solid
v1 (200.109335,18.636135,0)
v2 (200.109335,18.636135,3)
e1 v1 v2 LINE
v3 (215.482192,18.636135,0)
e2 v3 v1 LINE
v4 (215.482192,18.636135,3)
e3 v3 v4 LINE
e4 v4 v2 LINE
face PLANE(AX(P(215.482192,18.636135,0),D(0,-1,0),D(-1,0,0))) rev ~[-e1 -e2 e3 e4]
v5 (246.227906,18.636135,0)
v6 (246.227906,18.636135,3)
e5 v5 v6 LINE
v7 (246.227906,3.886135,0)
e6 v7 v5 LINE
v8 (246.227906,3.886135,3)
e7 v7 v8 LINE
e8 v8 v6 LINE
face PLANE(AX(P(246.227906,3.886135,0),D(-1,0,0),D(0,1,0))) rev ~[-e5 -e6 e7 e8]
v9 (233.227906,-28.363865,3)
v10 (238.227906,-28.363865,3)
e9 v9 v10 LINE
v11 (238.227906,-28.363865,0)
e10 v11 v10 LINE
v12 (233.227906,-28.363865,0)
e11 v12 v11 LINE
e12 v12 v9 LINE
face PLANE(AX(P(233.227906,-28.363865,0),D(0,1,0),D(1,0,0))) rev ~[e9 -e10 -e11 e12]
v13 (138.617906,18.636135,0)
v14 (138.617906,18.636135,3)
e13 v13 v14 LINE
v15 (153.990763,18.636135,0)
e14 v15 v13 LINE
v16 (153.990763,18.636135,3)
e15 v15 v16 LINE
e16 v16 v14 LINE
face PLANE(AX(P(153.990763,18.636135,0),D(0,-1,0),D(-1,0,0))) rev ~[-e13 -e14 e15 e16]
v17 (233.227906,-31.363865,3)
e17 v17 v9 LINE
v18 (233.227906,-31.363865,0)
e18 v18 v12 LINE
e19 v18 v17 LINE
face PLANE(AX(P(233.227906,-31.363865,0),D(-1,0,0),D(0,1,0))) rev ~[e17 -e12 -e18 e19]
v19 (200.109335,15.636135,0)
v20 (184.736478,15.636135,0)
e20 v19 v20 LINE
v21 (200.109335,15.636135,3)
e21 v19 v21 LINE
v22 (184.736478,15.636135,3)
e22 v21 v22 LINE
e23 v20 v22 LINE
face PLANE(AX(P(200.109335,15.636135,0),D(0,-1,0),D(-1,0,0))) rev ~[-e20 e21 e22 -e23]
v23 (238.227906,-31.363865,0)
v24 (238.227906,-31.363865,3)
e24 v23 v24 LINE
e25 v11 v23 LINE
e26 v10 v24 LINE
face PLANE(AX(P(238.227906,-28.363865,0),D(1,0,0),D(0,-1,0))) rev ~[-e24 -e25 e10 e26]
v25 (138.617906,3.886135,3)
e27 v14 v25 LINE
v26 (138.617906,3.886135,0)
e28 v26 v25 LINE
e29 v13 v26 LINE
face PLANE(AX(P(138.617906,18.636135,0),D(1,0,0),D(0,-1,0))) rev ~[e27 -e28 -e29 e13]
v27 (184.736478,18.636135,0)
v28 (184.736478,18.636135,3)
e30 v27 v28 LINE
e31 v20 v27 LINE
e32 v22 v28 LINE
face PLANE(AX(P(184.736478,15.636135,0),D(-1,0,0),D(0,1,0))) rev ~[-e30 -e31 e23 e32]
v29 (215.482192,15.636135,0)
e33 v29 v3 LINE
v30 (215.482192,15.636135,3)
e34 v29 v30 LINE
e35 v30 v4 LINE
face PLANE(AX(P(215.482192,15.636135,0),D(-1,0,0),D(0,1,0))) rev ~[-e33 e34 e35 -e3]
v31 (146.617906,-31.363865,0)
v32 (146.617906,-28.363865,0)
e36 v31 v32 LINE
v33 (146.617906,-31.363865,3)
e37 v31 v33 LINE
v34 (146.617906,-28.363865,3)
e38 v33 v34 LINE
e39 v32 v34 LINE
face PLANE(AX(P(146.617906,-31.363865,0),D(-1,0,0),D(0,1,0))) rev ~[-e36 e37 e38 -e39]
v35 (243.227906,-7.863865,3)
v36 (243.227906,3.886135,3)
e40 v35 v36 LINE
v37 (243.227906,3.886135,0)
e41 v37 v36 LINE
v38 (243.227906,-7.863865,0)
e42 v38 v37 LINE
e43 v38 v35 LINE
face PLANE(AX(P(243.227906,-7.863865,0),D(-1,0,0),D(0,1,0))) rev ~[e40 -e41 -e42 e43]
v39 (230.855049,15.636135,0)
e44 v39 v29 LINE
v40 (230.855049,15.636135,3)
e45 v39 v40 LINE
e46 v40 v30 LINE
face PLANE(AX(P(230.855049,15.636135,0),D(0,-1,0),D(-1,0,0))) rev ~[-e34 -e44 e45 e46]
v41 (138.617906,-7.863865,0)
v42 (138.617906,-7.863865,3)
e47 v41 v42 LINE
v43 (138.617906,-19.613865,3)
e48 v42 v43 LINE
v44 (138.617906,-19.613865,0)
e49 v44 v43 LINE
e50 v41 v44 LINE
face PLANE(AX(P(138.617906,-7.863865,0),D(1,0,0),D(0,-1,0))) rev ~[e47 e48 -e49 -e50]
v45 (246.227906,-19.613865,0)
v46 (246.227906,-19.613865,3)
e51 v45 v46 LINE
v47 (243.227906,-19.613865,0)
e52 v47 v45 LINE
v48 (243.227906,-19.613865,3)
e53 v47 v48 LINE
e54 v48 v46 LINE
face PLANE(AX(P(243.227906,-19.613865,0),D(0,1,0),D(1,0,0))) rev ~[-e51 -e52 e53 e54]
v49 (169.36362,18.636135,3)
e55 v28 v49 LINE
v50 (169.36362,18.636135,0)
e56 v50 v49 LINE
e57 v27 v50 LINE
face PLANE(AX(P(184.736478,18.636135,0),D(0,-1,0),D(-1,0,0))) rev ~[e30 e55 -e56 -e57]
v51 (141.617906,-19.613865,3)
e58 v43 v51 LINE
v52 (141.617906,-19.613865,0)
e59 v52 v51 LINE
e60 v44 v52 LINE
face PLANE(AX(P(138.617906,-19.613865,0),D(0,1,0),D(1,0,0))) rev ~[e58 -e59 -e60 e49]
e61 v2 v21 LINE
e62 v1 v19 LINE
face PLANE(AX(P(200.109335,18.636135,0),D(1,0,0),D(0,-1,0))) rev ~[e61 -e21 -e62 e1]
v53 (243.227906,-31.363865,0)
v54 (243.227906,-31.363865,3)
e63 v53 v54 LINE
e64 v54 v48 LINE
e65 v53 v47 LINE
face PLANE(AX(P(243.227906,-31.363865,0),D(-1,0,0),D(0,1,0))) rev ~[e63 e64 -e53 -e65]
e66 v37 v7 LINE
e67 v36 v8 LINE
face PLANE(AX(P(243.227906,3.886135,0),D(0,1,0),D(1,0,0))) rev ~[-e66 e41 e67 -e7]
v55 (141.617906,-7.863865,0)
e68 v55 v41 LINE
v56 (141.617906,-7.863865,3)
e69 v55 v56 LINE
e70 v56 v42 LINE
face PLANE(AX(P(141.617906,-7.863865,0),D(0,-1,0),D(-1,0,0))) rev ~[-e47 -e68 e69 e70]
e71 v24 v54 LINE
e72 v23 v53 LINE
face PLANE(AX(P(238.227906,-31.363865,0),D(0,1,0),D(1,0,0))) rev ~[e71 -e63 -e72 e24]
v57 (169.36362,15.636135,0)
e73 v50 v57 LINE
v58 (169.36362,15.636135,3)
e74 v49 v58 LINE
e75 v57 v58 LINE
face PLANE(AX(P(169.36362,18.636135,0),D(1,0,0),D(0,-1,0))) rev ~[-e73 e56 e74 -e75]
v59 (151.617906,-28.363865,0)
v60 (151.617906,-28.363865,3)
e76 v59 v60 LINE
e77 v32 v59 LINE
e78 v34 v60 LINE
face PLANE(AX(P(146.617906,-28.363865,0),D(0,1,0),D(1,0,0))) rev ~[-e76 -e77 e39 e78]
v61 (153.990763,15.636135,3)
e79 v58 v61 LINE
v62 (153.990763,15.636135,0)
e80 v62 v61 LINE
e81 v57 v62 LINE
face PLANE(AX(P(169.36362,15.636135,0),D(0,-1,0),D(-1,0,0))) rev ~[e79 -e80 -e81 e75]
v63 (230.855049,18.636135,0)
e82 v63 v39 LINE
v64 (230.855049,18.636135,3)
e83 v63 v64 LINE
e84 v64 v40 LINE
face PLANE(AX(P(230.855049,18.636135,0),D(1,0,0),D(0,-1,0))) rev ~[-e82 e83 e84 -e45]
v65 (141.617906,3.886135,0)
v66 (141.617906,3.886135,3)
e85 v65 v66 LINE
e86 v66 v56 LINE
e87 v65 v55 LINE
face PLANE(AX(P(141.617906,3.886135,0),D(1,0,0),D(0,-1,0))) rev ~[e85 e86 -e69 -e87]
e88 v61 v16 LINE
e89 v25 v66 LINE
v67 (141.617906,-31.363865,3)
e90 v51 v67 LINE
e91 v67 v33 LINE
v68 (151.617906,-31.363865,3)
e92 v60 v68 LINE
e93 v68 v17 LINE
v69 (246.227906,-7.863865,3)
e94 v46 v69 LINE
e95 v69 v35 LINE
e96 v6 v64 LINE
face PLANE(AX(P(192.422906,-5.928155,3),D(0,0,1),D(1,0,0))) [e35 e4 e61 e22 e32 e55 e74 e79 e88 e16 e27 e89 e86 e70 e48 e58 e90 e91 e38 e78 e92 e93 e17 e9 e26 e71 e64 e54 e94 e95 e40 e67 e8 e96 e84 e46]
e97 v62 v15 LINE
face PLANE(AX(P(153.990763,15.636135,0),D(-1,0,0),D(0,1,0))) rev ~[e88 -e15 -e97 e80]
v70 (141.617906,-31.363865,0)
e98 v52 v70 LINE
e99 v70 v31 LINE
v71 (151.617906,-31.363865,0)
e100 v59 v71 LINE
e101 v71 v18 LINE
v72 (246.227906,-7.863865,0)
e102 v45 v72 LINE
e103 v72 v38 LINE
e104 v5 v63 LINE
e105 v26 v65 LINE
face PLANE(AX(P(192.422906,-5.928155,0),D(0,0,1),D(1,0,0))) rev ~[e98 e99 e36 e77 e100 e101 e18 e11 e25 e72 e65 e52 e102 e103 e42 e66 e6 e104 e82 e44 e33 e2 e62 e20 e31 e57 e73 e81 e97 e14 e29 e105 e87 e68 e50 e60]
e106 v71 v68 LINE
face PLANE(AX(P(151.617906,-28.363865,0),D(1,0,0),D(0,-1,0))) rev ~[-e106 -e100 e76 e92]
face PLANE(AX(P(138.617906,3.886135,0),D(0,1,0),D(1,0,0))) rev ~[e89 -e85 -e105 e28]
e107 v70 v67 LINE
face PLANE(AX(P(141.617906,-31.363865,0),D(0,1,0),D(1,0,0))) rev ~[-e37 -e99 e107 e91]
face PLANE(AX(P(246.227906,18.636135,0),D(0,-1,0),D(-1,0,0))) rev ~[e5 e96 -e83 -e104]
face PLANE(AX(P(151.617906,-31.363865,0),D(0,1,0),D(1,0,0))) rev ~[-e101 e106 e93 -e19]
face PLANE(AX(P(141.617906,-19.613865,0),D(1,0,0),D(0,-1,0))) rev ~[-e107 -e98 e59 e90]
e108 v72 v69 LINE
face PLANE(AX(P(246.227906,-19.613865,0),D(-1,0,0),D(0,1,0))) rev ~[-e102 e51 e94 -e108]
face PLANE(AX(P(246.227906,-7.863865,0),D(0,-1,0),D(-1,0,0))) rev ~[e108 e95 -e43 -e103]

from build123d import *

# Parameters (mm, degrees)
SALIENTE_EXTRUIR1_DEPTH = 3


with BuildPart() as part:
    # Croquis1 → Saliente-Extruir1 (new body)
    with BuildSketch(Plane.XY):
        Polygon((141.617906202, -31.363864653), (146.617906202, -31.363864653), (146.617906202, -28.363864653), (151.617906202, -28.363864653), (151.617906202, -31.363864653), (233.227906202, -31.363864653), (233.227906202, -28.363864653), (238.227906202, -28.363864653), (238.227906202, -31.363864653), (243.227906202, -31.363864653), (243.227906202, -19.613864653), (246.227906202, -19.613864653), (246.227906202, -7.863864653), (243.227906202, -7.863864653), (243.227906202, 3.886135347), (246.227906202, 3.886135347), (246.227906202, 18.636135347), (230.85504906, 18.636135347), (230.85504906, 15.636135347), (215.482191917, 15.636135347), (215.482191917, 18.636135347), (200.109334774, 18.636135347), (200.109334774, 15.636135347), (184.736477631, 15.636135347), (184.736477631, 18.636135347), (169.363620488, 18.636135347), (169.363620488, 15.636135347), (153.990763345, 15.636135347), (153.990763345, 18.636135347), (138.617906202, 18.636135347), (138.617906202, 3.886135347), (141.617906202, 3.886135347), (141.617906202, -7.863864653), (138.617906202, -7.863864653), (138.617906202, -19.613864653), (141.617906202, -19.613864653), align=None)
    extrude(amount=SALIENTE_EXTRUIR1_DEPTH)


solid = part.part
